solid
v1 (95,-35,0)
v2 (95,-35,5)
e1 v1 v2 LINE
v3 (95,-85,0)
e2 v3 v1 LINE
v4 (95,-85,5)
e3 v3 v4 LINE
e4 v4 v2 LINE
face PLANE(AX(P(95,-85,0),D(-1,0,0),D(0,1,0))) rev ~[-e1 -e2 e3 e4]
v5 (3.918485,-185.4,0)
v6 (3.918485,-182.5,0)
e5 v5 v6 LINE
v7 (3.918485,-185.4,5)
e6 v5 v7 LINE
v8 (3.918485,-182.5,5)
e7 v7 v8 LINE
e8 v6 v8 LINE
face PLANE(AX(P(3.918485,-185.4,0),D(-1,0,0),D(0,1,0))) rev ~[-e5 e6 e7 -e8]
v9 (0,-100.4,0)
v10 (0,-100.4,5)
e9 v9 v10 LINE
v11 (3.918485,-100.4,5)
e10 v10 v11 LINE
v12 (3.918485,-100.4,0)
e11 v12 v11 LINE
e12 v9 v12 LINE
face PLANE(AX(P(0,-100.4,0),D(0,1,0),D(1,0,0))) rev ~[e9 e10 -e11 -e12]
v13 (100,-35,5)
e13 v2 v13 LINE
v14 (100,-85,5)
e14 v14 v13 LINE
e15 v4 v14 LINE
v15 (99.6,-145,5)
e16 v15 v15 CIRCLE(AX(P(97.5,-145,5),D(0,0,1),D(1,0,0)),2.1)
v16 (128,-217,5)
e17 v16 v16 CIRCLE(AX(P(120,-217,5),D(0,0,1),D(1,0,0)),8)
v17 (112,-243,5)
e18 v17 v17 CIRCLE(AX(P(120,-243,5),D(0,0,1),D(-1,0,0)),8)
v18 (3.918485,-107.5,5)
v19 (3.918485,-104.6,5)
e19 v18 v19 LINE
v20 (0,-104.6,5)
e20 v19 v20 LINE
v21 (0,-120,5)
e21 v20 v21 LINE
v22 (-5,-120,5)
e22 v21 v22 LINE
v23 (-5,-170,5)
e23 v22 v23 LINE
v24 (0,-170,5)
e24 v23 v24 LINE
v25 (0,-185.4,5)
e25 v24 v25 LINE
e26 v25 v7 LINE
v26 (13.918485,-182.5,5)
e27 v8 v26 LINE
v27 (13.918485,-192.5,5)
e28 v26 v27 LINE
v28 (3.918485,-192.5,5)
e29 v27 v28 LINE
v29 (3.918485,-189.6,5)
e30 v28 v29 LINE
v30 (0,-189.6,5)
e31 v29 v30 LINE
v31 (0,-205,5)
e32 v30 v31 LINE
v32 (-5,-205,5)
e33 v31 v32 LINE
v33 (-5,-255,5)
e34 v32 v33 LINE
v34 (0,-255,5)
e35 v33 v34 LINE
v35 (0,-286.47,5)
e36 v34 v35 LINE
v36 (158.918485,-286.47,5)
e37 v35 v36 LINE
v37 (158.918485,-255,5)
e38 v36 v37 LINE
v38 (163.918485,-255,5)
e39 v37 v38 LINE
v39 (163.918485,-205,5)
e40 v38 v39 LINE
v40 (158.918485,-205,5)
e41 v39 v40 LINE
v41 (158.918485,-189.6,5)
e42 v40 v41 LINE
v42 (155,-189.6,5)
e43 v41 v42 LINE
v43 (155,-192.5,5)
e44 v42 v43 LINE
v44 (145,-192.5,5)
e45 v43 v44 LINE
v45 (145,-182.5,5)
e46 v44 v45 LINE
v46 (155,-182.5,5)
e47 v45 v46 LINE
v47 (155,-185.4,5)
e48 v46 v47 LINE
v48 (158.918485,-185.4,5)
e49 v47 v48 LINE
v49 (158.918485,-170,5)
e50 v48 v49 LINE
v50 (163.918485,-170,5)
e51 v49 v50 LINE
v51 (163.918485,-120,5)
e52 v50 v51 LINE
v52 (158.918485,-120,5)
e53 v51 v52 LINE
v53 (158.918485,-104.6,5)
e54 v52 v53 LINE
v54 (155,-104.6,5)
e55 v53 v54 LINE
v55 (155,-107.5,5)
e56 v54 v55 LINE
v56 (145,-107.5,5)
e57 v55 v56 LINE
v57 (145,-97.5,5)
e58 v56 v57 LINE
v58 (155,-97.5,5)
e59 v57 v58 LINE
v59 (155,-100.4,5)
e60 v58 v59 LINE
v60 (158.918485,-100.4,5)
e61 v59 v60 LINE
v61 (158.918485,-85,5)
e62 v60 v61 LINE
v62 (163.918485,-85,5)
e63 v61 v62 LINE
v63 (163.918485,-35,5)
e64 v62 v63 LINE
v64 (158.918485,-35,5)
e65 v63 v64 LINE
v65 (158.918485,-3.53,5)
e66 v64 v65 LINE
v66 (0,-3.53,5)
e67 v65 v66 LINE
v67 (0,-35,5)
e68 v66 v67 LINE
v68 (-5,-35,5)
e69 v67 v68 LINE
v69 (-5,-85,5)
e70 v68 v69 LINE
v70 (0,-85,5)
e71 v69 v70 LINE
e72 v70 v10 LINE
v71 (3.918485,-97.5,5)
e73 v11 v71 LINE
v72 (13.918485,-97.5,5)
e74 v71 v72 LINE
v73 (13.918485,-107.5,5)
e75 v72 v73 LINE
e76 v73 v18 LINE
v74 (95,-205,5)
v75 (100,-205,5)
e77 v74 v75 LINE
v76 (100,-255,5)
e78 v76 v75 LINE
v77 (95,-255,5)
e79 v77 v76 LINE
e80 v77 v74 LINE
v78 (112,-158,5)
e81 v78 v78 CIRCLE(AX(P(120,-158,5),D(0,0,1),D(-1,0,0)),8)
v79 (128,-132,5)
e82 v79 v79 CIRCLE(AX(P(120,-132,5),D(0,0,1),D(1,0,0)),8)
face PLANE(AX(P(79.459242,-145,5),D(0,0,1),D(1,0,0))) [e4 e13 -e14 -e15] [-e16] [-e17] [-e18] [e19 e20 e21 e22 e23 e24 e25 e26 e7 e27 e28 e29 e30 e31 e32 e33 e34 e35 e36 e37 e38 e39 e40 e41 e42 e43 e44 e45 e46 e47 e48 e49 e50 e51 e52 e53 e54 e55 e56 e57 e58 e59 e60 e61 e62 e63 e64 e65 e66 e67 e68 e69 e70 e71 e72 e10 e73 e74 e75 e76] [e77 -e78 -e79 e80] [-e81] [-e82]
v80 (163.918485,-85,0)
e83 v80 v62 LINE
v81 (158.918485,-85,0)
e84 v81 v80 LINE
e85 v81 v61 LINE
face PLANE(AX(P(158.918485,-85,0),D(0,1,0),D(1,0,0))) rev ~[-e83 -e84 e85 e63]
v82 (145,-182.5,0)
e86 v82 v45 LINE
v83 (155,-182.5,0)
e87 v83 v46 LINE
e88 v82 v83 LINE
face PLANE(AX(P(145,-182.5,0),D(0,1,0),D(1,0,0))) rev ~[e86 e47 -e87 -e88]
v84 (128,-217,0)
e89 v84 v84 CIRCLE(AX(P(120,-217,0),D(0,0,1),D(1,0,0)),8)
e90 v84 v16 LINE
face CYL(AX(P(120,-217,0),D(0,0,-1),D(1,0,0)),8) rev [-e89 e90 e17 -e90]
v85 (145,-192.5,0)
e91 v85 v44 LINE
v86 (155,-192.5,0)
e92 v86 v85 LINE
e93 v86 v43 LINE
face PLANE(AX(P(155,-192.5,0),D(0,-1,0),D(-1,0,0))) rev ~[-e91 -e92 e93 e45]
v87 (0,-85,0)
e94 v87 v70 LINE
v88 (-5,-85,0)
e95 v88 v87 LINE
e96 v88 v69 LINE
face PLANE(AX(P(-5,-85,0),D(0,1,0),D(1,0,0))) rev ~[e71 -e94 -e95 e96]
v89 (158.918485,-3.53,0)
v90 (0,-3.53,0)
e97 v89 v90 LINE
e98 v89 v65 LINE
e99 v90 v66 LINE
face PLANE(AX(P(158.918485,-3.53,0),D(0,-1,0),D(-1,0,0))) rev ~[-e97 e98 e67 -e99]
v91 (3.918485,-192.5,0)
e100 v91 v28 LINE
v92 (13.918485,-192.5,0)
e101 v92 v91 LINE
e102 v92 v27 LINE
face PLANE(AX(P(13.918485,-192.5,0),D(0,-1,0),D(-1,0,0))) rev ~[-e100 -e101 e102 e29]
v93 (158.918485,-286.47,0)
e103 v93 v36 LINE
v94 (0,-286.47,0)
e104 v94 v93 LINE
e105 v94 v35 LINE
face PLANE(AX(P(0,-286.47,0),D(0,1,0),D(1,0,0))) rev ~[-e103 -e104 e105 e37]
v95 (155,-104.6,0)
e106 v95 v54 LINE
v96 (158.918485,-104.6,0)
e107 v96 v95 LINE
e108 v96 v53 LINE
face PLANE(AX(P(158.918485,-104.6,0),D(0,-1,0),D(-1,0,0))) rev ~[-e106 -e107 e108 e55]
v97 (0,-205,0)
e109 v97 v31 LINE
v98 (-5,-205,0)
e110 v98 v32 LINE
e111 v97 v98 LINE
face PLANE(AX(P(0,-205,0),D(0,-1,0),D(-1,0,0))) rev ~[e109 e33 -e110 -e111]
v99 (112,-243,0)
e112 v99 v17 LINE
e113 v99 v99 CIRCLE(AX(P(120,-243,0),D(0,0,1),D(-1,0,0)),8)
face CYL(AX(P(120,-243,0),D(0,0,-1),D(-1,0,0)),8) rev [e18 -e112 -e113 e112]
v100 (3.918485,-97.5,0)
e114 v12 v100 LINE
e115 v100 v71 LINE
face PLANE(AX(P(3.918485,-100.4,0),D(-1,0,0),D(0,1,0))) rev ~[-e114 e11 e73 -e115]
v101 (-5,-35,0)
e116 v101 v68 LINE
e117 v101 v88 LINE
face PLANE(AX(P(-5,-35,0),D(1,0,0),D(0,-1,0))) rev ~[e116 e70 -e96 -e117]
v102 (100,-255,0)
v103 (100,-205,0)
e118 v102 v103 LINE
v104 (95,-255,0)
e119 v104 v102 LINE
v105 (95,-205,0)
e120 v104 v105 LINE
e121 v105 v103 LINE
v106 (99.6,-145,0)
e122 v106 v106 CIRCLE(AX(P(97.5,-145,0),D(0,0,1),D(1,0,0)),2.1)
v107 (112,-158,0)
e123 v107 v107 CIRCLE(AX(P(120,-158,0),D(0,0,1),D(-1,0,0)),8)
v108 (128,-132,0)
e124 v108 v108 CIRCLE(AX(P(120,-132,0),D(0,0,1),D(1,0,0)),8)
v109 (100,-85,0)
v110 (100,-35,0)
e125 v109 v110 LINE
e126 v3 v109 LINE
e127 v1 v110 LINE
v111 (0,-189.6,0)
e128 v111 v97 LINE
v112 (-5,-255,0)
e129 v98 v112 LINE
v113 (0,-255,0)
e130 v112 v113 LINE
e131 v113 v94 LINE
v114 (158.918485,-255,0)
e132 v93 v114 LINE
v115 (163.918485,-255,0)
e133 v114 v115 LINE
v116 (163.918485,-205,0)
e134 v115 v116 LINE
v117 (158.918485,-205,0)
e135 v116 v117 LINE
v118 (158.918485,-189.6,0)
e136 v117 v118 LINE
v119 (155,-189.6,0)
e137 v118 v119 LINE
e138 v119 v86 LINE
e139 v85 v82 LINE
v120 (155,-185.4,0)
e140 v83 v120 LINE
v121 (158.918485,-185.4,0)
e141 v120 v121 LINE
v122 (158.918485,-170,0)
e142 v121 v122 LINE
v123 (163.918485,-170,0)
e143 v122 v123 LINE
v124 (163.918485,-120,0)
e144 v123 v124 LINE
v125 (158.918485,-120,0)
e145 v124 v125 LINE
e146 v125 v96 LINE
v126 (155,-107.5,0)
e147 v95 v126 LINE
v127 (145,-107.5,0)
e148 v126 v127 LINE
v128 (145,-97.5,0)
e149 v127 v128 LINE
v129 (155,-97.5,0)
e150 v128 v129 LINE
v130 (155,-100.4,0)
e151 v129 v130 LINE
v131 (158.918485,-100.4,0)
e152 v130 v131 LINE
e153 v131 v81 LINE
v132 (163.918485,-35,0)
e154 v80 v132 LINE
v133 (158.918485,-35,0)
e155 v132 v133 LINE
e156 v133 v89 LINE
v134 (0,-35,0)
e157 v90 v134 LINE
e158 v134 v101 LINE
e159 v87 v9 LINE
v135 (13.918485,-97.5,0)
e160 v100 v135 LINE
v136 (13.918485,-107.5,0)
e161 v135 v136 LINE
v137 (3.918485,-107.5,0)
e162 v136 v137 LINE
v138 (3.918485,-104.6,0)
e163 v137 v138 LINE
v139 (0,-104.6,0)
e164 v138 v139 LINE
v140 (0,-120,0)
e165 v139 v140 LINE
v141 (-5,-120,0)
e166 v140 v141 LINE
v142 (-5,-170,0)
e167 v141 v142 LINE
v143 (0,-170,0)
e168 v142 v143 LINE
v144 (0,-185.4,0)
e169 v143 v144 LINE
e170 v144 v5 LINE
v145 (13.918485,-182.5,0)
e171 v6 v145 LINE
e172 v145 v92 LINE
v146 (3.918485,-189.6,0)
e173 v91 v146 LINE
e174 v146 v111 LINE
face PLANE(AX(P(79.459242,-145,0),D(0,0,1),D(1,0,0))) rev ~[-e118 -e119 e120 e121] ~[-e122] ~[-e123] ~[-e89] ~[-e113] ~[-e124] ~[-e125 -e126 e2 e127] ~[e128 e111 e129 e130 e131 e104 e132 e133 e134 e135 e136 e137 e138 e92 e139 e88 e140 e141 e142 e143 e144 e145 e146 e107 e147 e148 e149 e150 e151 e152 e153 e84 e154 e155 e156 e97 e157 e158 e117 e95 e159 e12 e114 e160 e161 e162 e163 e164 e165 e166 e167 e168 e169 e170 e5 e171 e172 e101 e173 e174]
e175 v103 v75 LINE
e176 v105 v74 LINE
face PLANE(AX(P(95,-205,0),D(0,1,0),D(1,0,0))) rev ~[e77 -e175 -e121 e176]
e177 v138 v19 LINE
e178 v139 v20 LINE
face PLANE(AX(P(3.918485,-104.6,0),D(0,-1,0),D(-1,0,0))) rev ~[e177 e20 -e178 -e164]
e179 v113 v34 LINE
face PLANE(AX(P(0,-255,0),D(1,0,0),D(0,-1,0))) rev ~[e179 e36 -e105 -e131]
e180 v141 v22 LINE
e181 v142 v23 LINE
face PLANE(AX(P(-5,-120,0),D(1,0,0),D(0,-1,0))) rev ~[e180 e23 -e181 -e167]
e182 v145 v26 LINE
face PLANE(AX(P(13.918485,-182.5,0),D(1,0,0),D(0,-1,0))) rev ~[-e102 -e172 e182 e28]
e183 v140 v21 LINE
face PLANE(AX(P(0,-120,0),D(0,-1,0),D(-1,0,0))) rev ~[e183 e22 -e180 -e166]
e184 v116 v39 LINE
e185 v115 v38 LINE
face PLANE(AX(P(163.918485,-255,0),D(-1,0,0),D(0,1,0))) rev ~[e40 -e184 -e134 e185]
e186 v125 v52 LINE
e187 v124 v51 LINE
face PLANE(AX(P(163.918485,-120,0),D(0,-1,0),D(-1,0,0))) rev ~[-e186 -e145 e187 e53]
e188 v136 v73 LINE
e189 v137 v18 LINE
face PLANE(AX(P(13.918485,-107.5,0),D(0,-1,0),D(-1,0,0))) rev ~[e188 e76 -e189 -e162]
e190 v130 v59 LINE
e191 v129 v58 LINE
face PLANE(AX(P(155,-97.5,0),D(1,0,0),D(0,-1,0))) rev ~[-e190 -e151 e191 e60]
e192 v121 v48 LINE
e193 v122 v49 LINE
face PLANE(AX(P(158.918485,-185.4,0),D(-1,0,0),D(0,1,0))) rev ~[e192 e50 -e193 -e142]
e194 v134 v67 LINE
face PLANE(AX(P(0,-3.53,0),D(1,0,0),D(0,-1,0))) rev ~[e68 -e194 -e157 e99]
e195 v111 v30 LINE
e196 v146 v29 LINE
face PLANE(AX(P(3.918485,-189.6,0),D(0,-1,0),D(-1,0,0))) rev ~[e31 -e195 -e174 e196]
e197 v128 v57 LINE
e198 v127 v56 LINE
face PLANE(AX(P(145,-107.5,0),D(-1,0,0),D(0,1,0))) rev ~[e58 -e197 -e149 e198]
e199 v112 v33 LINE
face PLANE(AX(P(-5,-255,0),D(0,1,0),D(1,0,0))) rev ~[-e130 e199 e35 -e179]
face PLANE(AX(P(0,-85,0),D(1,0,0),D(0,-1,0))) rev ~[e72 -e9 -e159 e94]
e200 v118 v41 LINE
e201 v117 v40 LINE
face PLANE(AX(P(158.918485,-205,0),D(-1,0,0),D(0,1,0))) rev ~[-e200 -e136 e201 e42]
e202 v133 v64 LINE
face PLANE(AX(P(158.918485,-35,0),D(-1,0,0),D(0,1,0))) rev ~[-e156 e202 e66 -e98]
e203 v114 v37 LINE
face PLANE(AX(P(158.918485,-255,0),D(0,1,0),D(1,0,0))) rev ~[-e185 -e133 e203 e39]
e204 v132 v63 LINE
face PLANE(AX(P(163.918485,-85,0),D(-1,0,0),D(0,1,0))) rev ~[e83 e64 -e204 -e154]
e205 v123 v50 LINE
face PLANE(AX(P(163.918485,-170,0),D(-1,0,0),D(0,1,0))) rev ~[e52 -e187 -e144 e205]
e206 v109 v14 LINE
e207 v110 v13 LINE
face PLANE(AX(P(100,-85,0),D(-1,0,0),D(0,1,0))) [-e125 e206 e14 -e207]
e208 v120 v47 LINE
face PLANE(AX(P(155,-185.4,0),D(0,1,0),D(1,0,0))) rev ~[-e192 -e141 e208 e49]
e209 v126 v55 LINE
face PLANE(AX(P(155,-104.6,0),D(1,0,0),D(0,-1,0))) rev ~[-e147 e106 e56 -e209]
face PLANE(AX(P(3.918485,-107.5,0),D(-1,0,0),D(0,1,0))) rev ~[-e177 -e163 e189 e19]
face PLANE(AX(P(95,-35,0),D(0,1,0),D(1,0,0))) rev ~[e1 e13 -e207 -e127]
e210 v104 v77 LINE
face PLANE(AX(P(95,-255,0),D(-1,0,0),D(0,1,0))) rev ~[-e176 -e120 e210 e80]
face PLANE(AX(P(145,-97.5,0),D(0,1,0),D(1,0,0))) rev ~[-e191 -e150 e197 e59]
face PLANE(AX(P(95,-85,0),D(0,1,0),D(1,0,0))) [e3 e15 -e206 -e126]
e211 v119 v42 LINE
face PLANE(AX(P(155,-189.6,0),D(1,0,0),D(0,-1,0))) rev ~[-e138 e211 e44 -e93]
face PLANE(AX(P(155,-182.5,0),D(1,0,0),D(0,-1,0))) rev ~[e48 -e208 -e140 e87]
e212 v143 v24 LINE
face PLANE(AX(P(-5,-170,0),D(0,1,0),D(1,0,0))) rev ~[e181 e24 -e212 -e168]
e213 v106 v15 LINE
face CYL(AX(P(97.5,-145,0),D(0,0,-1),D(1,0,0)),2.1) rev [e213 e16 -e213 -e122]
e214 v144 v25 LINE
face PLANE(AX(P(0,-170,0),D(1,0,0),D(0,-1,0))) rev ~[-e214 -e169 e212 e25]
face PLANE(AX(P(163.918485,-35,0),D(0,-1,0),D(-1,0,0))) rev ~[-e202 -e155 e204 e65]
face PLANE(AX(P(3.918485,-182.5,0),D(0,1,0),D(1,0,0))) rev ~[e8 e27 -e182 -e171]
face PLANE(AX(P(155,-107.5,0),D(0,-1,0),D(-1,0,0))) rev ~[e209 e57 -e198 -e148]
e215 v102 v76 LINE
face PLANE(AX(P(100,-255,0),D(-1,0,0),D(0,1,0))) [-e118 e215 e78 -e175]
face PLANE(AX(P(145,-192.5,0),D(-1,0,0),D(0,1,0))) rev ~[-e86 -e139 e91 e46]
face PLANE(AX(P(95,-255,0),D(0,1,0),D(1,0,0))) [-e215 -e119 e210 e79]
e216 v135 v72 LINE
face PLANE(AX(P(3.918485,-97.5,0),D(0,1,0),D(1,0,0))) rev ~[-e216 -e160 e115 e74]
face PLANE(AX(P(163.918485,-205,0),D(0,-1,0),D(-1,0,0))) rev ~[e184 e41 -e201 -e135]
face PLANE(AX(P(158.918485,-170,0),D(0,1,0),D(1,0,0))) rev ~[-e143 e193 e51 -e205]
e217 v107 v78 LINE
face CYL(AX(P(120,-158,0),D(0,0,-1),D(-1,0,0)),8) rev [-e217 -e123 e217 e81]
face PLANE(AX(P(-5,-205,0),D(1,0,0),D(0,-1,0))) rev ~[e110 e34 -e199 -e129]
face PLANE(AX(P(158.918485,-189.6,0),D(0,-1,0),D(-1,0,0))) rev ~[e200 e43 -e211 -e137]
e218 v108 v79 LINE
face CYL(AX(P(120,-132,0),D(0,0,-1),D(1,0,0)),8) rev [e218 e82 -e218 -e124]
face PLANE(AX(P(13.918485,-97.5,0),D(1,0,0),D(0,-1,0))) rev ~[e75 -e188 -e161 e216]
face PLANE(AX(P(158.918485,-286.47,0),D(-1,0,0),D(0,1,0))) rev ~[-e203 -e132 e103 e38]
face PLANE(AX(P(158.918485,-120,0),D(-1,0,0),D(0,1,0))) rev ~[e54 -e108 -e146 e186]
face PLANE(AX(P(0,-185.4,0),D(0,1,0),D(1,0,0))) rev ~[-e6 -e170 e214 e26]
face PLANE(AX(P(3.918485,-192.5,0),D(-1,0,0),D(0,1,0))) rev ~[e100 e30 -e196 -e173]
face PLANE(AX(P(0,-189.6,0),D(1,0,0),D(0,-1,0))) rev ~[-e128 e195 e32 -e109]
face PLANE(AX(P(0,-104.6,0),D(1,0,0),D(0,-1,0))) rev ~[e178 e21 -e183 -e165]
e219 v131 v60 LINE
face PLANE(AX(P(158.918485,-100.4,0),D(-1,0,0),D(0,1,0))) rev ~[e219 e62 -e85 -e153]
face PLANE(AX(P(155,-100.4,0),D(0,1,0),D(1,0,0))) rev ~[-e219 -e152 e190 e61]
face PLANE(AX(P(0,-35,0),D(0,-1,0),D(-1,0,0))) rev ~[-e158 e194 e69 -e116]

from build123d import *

# Parameters (mm, degrees)
ESQUISSE1_R        = 2.1
ESQUISSE1_R_2      = 8
ESQUISSE1_W        = 5
ESQUISSE1_H        = 50
BOSS_EXTRU_1_DEPTH = 5


with BuildPart() as part:
    # Esquisse1 → Boss.-Extru.1 (new body)
    with BuildSketch(Plane.XY):
        Polygon((0, -3.53), (0, -35), (-5, -35), (-5, -85), (0, -85), (0, -100.4), (3.918484905, -100.4), (3.918484905, -97.5), (13.918484905, -97.5), (13.918484905, -107.5), (3.918484905, -107.5), (3.918484905, -104.6), (0, -104.6), (0, -120), (-5, -120), (-5, -170), (0, -170), (0, -185.4), (3.918484905, -185.4), (3.918484905, -182.5), (13.918484905, -182.5), (13.918484905, -192.5), (3.918484905, -192.5), (3.918484905, -189.6), (0, -189.6), (0, -205), (-5, -205), (-5, -255), (0, -255), (0, -286.47), (158.918484905, -286.47), (158.918484905, -255), (163.918484905, -255), (163.918484905, -205), (158.918484905, -205), (158.918484905, -189.6), (155, -189.6), (155, -192.5), (145, -192.5), (145, -182.5), (155, -182.5), (155, -185.4), (158.918484905, -185.4), (158.918484905, -170), (163.918484905, -170), (163.918484905, -120), (158.918484905, -120), (158.918484905, -104.6), (155, -104.6), (155, -107.5), (145, -107.5), (145, -97.5), (155, -97.5), (155, -100.4), (158.918484905, -100.4), (158.918484905, -85), (163.918484905, -85), (163.918484905, -35), (158.918484905, -35), (158.918484905, -3.53), align=None)
        with Locations((97.5, -145)):
            Circle(ESQUISSE1_R, mode=Mode.SUBTRACT)
        with Locations((120, -132)):
            Circle(ESQUISSE1_R_2, mode=Mode.SUBTRACT)
        with Locations(Location((120, -158, 0), (0, 0, 180))):
            Circle(ESQUISSE1_R_2, mode=Mode.SUBTRACT)
        with Locations((120, -217)):
            Circle(ESQUISSE1_R_2, mode=Mode.SUBTRACT)
        with Locations(Location((120, -243, 0), (0, 0, 180))):
            Circle(ESQUISSE1_R_2, mode=Mode.SUBTRACT)
        with Locations((97.5, -60)):
            Rectangle(ESQUISSE1_W, ESQUISSE1_H, mode=Mode.SUBTRACT)
        with Locations((97.5, -230)):
            Rectangle(ESQUISSE1_W, ESQUISSE1_H, mode=Mode.SUBTRACT)
    extrude(amount=BOSS_EXTRU_1_DEPTH)


solid = part.part
